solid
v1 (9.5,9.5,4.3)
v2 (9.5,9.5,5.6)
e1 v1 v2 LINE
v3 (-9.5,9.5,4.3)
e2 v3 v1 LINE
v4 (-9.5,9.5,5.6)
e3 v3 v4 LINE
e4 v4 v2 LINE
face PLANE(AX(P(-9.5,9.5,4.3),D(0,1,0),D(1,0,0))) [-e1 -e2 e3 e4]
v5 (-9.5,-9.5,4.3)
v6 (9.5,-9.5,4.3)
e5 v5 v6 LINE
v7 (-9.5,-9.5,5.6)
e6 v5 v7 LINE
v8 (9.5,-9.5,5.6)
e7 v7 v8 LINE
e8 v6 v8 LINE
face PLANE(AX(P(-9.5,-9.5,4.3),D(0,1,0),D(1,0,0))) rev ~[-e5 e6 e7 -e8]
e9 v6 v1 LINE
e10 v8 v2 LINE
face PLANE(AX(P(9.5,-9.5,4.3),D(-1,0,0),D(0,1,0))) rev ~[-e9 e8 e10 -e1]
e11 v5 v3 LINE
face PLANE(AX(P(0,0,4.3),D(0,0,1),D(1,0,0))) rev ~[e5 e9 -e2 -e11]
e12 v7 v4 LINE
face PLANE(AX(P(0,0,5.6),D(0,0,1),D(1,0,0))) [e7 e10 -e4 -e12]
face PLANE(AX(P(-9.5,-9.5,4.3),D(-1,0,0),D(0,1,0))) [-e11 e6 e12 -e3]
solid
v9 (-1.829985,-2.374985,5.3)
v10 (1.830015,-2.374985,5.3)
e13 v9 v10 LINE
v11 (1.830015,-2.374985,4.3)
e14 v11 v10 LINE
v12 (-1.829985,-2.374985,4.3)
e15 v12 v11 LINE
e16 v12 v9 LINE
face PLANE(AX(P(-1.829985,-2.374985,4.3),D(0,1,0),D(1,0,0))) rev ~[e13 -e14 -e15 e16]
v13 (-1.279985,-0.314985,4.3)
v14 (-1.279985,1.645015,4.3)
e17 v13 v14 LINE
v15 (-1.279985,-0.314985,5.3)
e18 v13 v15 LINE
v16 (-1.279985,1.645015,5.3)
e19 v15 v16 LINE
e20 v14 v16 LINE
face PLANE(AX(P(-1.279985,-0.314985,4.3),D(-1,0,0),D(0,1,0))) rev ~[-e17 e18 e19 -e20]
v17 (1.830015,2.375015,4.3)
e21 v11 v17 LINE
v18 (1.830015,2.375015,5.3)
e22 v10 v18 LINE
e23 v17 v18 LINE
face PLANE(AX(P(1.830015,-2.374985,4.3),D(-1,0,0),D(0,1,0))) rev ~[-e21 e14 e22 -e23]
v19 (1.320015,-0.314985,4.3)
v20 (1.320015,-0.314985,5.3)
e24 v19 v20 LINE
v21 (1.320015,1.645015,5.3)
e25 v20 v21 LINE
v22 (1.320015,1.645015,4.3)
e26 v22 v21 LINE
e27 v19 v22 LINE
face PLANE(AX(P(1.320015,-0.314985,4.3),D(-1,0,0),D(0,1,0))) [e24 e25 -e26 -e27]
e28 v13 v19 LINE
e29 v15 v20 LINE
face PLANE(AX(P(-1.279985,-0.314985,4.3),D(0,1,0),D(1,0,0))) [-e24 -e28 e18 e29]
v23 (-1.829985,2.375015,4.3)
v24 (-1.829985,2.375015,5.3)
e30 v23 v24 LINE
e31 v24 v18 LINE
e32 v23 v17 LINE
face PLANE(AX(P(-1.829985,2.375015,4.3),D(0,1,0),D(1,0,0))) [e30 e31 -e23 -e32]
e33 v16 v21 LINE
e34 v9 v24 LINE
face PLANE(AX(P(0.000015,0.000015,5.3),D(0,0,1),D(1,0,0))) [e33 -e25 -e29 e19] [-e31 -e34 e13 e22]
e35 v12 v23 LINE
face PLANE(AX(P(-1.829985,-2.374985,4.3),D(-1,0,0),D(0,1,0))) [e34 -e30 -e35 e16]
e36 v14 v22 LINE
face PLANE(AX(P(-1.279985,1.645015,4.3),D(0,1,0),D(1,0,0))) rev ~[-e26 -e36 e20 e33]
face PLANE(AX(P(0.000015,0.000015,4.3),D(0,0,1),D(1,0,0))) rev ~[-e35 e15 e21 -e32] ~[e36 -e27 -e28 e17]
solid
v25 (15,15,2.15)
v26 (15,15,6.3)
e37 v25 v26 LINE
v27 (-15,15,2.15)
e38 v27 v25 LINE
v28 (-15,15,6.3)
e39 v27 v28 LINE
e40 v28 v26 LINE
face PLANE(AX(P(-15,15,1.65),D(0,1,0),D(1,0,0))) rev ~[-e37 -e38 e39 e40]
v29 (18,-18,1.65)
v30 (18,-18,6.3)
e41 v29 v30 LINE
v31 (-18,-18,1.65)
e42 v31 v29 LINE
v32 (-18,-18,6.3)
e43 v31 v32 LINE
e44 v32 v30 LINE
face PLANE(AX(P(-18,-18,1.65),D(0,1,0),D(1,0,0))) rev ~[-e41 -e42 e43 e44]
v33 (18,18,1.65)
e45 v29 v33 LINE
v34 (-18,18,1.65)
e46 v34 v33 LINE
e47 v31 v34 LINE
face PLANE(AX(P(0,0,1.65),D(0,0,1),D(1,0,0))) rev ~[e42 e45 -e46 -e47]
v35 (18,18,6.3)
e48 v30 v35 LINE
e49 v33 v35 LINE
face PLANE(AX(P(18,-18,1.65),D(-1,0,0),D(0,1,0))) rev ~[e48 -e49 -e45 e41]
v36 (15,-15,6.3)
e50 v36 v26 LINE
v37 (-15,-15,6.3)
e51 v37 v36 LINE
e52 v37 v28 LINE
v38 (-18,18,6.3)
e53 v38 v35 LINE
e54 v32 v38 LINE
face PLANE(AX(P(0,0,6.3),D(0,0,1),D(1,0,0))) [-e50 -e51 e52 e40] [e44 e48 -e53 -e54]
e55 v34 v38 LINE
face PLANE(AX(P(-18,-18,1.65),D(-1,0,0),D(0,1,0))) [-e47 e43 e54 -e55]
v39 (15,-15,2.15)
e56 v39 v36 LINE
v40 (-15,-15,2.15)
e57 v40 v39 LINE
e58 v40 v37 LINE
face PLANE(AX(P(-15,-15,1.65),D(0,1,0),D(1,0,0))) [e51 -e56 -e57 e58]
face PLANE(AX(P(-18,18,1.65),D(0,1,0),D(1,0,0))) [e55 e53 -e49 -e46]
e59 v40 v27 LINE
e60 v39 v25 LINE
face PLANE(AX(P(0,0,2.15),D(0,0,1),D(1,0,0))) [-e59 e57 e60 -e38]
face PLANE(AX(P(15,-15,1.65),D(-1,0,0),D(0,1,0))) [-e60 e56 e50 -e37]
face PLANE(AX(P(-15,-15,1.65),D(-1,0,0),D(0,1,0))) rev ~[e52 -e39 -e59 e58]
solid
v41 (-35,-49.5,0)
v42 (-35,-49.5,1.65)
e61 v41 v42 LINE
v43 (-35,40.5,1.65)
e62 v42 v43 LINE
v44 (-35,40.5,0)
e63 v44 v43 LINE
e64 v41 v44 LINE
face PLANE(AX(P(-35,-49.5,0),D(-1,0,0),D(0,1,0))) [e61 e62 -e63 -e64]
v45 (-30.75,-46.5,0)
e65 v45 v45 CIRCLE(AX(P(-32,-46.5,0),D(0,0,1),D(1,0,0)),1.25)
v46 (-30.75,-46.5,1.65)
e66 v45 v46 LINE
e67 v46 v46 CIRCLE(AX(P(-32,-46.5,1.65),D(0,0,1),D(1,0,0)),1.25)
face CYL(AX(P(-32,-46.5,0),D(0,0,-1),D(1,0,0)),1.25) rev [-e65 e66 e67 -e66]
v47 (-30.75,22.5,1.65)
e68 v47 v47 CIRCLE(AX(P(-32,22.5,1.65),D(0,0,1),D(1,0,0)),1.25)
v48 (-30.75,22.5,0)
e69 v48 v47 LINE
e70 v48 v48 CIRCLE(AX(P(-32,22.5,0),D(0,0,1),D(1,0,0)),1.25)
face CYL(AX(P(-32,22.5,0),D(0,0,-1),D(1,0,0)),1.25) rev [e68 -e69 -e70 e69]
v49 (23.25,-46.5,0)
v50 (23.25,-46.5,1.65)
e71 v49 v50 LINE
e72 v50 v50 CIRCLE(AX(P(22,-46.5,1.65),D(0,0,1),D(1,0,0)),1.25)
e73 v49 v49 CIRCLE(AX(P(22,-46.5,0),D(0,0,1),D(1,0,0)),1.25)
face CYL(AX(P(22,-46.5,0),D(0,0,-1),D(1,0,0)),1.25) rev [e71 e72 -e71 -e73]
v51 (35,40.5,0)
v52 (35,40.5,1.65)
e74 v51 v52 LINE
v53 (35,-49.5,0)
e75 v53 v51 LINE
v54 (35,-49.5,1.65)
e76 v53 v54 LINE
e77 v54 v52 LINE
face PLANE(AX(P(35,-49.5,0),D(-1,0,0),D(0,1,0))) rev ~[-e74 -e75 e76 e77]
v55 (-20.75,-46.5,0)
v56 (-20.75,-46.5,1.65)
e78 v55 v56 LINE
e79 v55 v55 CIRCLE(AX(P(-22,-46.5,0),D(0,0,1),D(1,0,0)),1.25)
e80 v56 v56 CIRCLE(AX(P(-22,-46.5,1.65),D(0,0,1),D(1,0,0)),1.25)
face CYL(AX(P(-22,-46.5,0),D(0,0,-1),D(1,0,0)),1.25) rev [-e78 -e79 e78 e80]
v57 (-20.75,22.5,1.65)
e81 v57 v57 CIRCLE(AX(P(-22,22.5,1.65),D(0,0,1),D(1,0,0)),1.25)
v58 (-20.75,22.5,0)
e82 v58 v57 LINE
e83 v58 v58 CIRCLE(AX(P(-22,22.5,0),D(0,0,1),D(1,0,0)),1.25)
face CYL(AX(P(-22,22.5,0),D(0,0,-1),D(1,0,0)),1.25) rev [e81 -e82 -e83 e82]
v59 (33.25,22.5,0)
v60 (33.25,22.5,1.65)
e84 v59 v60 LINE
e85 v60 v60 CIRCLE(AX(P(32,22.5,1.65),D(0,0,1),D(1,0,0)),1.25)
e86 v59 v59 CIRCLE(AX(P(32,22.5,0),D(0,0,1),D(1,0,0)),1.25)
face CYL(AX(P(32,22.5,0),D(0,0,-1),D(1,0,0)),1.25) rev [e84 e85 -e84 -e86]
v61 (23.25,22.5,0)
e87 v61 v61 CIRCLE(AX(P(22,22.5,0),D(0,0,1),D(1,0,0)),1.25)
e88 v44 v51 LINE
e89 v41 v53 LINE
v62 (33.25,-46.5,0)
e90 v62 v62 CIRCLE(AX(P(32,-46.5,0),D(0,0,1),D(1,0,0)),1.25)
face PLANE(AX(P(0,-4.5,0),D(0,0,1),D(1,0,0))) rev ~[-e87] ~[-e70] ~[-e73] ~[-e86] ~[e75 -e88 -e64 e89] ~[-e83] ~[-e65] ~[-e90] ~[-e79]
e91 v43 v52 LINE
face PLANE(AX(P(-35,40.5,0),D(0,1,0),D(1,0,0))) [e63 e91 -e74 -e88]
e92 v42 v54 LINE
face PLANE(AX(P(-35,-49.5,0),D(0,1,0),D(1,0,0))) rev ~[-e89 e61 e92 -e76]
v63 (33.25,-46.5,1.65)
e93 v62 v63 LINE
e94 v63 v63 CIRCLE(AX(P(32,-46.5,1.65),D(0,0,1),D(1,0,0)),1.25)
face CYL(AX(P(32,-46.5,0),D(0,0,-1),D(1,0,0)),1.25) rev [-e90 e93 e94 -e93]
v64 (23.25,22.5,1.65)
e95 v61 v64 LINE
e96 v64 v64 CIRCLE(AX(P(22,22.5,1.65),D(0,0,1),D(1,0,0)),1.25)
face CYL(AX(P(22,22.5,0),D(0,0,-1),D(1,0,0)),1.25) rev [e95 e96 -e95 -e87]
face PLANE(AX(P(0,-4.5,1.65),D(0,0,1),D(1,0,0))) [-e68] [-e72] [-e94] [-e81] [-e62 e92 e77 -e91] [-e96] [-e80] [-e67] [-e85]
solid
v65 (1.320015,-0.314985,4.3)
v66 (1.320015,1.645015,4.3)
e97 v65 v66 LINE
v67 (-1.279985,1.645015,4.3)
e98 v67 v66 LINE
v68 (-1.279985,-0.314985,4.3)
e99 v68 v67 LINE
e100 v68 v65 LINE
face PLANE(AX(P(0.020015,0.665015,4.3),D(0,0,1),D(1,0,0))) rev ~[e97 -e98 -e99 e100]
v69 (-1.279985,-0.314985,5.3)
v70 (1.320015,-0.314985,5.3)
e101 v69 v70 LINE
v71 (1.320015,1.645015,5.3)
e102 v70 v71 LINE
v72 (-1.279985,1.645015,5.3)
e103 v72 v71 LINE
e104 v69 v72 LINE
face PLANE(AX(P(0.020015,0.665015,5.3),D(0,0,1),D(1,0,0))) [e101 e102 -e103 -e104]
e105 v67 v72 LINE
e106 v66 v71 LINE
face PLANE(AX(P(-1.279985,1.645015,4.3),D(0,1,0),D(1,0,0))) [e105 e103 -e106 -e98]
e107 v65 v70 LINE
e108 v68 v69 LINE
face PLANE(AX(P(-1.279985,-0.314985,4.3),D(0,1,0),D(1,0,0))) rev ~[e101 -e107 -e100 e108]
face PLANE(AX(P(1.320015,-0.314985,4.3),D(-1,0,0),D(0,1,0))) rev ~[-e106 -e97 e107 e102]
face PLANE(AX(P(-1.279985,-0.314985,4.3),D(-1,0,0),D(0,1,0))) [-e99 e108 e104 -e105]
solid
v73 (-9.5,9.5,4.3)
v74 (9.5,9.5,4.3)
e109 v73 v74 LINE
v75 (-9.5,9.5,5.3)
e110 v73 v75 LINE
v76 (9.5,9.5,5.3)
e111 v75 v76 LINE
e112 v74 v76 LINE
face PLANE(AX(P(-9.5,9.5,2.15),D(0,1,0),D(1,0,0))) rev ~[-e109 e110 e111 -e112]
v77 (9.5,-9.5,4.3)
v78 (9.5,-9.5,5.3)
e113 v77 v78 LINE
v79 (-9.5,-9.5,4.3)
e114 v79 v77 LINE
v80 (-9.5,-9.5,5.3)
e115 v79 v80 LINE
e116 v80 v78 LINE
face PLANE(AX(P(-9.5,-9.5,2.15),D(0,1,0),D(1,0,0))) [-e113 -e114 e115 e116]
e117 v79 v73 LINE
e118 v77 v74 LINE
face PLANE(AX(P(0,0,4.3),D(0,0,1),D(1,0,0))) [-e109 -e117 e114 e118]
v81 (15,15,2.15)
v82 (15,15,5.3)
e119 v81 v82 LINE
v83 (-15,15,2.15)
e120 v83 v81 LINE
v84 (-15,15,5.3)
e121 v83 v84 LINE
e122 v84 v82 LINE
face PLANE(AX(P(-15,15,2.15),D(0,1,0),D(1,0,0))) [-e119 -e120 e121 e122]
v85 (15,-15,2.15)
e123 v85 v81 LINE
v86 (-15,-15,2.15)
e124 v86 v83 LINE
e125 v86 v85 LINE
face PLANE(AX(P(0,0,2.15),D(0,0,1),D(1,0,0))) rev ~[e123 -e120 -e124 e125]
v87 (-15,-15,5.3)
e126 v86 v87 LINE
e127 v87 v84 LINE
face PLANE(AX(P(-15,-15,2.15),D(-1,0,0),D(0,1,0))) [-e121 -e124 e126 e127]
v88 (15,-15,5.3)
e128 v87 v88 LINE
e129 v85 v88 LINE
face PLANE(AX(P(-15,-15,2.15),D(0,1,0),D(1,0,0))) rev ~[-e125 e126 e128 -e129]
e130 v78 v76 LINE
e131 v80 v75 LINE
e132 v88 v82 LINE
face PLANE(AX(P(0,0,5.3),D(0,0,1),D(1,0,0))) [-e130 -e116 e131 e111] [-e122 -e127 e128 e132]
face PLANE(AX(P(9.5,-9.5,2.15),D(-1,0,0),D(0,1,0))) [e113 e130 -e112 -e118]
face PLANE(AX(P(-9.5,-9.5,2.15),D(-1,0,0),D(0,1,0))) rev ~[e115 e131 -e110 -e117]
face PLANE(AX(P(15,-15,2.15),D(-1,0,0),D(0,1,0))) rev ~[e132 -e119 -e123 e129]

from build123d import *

# Parameters (mm, degrees)
F1_W      = 70
F1_H      = 90
F1_R      = 1.25
F2_DEPTH  = 1.65
F3_W      = 36
F3_H      = 36
F3_W_2    = 30
F3_H_2    = 30
F4_DEPTH  = 4.65
F5_DEPTH  = 0.5
F6_W      = 30
F6_H      = 30
F6_W_2    = 19
F6_H_2    = 19
F7_DEPTH  = 3.15
F8_DEPTH  = 2.15
F9_W      = 3.66
F9_H      = 4.75
F9_W_2    = 2.6
F9_H_2    = 1.96
F10_DEPTH = 1
F11_DEPTH = 1
F12_W     = 19
F12_H     = 19
F13_DEPTH = 1.3


with BuildPart() as f2:
    # F1 (on Top) → F2 (new body)
    with BuildSketch(Plane.XY):
        with Locations((0, -4.5)):
            Rectangle(F1_W, F1_H)
        with Locations((-32, -46.5)):
            Circle(F1_R, mode=Mode.SUBTRACT)
        with Locations((-22, -46.5)):
            Circle(F1_R, mode=Mode.SUBTRACT)
        with Locations((22, -46.5)):
            Circle(F1_R, mode=Mode.SUBTRACT)
        with Locations((32, -46.5)):
            Circle(F1_R, mode=Mode.SUBTRACT)
        with Locations((-32, 22.5)):
            Circle(F1_R, mode=Mode.SUBTRACT)
        with Locations((-22, 22.5)):
            Circle(F1_R, mode=Mode.SUBTRACT)
        with Locations((22, 22.5)):
            Circle(F1_R, mode=Mode.SUBTRACT)
        with Locations((32, 22.5)):
            Circle(F1_R, mode=Mode.SUBTRACT)
    extrude(amount=F2_DEPTH)


with BuildPart() as f4:
    # F3 (on face) → F4 (new body)
    with BuildSketch(Plane.XY.offset(1.65)):
        Rectangle(F3_W, F3_H)
        Rectangle(F3_W_2, F3_H_2, mode=Mode.SUBTRACT)
    extrude(amount=F4_DEPTH)

    # F3 (on face) → F5 (join)
    with BuildSketch(Plane.XY.offset(1.65)):
        Rectangle(F3_W_2, F3_H_2)
    extrude(amount=F5_DEPTH)


with BuildPart() as f7:
    # F6 (on face) → F7 (new body)
    with BuildSketch(Plane.XY.offset(2.15)):
        Rectangle(F6_W, F6_H)
        Rectangle(F6_W_2, F6_H_2, mode=Mode.SUBTRACT)
    extrude(amount=F7_DEPTH)

    # F6 (on face) → F8 (join)
    with BuildSketch(Plane.XY.offset(2.15)):
        Rectangle(F6_W_2, F6_H_2)
    extrude(amount=F8_DEPTH)


with BuildPart() as f10:
    # F9 (on face) → F10 (new body)
    with BuildSketch(Plane.XY.offset(4.3)):
        with Locations((1.5065e-05, 1.53106e-05)):
            Rectangle(F9_W, F9_H)
        with Locations((0.020015065, 0.6650153106)):
            Rectangle(F9_W_2, F9_H_2, mode=Mode.SUBTRACT)
    extrude(amount=F10_DEPTH)


with BuildPart() as f11:
    # F9 (on face) → F11 (new body)
    with BuildSketch(Plane.XY.offset(4.3)):
        with Locations((0.020015065, 0.6650153106)):
            Rectangle(F9_W_2, F9_H_2)
    extrude(amount=F11_DEPTH)


with BuildPart() as f13:
    # F12 (on face) → F13 (new body)
    with BuildSketch(Plane.XY.offset(4.3)):
        Rectangle(F12_W, F12_H)
    extrude(amount=F13_DEPTH)


solid = Compound([f2.part, f4.part, f7.part, f10.part, f11.part, f13.part])
